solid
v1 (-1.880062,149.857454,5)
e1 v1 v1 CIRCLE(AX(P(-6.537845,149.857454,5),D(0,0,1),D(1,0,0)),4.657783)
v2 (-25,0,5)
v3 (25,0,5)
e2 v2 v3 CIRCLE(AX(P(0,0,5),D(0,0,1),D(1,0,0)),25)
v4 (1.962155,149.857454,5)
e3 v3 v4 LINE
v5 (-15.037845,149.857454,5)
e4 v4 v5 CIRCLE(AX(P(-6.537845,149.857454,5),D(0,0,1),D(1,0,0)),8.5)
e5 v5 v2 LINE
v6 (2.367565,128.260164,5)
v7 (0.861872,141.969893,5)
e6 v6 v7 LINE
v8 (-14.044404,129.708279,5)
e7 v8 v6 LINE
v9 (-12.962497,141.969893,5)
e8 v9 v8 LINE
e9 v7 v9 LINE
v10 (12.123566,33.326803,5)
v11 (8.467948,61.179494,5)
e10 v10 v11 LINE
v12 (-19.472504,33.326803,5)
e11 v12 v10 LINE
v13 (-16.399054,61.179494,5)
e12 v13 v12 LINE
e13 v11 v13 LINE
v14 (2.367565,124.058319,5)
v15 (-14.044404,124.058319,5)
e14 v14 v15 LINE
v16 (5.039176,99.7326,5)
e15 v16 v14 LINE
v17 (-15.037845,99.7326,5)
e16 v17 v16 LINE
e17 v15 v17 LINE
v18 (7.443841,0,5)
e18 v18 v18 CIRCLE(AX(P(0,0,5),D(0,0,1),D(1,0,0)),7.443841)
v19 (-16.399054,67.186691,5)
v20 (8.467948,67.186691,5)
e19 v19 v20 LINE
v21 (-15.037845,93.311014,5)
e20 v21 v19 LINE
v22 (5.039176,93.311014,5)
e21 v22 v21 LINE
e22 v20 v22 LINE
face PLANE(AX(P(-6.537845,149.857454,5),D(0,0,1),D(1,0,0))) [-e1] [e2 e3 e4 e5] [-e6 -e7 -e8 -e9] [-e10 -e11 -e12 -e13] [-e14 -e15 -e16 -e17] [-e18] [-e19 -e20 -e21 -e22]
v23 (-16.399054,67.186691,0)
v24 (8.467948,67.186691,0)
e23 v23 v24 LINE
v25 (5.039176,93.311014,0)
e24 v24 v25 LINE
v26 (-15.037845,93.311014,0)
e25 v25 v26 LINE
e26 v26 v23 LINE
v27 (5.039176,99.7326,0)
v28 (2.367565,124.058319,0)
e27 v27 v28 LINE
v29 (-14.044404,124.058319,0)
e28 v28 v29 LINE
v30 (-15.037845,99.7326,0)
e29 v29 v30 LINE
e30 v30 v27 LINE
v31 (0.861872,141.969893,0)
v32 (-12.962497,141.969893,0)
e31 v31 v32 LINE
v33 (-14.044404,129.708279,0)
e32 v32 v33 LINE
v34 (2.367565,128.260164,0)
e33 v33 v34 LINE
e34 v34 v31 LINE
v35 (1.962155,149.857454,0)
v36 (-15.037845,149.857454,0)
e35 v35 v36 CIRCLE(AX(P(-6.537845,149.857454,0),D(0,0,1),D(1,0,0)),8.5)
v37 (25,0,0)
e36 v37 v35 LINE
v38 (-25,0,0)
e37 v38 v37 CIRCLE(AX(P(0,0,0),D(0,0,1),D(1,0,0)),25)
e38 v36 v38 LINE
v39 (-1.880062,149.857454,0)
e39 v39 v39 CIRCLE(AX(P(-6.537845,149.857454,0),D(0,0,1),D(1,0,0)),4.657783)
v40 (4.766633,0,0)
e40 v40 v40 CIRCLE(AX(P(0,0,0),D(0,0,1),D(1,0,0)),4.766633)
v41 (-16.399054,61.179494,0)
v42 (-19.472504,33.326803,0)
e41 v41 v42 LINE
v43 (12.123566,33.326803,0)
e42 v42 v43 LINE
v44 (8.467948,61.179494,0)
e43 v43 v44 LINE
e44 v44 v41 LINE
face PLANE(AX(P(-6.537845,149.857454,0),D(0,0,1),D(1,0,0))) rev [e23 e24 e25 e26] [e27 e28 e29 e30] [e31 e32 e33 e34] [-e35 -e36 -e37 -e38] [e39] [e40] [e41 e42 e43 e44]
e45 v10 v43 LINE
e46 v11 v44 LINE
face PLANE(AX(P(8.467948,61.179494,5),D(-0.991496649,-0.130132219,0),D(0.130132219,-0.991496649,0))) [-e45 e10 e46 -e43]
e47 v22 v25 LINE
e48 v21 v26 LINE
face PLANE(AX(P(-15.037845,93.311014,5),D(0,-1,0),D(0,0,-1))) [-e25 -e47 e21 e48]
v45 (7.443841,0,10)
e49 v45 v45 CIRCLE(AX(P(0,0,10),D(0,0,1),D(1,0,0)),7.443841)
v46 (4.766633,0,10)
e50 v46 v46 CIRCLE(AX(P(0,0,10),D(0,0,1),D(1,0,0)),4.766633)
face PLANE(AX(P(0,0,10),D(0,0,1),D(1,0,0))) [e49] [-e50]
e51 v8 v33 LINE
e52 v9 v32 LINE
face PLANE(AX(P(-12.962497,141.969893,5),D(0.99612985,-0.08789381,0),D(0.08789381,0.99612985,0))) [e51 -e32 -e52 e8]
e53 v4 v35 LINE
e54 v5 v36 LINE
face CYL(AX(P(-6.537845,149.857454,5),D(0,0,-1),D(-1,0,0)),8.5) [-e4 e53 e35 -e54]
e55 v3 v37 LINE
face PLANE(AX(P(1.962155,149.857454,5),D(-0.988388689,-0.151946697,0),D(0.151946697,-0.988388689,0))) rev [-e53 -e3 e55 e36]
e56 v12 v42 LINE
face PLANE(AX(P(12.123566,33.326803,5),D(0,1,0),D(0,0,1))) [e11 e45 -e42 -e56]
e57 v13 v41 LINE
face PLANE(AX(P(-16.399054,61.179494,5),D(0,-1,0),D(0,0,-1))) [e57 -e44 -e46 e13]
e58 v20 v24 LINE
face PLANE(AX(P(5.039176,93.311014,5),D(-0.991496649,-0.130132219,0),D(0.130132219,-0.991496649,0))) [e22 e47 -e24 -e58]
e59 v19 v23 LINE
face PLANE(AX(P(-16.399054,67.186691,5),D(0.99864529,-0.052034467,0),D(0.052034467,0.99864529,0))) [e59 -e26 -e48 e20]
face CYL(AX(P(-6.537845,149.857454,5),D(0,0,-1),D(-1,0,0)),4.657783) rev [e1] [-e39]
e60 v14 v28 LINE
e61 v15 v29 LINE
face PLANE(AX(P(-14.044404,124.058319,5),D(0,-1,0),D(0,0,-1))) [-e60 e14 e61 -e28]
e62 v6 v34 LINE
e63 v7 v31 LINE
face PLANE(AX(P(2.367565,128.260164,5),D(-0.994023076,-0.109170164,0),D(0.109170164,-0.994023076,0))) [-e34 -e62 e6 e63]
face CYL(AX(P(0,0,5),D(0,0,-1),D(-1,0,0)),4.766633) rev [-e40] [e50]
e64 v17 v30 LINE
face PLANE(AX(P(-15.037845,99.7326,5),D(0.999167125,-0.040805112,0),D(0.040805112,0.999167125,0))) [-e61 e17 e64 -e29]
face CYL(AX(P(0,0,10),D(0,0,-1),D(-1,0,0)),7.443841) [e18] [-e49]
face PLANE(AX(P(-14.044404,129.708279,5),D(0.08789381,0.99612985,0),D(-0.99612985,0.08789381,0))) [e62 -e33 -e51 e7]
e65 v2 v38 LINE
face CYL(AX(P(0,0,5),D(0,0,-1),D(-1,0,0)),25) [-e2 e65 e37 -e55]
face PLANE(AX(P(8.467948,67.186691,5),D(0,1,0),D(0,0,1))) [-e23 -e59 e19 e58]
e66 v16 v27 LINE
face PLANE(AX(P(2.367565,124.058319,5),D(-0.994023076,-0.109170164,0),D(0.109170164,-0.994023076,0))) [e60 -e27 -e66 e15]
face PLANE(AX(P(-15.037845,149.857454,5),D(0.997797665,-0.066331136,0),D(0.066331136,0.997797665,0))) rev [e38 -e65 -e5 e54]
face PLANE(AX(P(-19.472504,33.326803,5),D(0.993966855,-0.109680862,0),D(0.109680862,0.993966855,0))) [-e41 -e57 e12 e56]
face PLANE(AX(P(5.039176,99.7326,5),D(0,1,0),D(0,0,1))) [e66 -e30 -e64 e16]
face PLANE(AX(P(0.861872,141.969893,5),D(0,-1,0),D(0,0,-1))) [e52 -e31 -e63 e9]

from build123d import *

# Parameters (mm, degrees)
SKETCH2_R           = 4.766632538
SKETCH2_R_2         = 4.65778258
BOSS_EXTRUDE1_DEPTH = 5
SKETCH3_R           = 7.443841037
SKETCH3_R_2         = 4.766632538
BOSS_EXTRUDE2_DEPTH = 5


with BuildPart() as part:
    # Sketch2 → Boss-Extrude1 (new body)
    with BuildSketch(Plane.XY):
        with BuildLine():
            Line((-15.037844772, 149.857454221), (-25, 0))
            ThreePointArc((-25, 0), (0, -25), (25, 0))
            Line((25, 0), (1.962155228, 149.857454221))
            ThreePointArc((1.962155228, 149.857454221), (-6.537844772, 158.357454221), (-15.037844772, 149.857454221))
        make_face()
        Circle(SKETCH2_R, mode=Mode.SUBTRACT)
        with Locations((-6.537844772, 149.857454221)):
            Circle(SKETCH2_R_2, mode=Mode.SUBTRACT)
        Polygon((-19.47250371, 33.326803339), (-16.399054011, 61.179494137), (8.4679481, 61.179494137), (12.123565561, 33.326803339), align=None, mode=Mode.SUBTRACT)
        Polygon((-16.399054011, 67.186691276), (-15.037844772, 93.311013718), (5.039175994, 93.311013718), (8.4679481, 67.186691276), align=None, mode=Mode.SUBTRACT)
        Polygon((-15.037844772, 99.732600208), (-14.044403658, 124.0583194), (2.367565215, 124.0583194), (5.039175994, 99.732600208), align=None, mode=Mode.SUBTRACT)
        Polygon((-12.962496523, 141.96989308), (-14.044403658, 129.708278883), (2.367565215, 128.260163982), (0.861872424, 141.96989308), align=None, mode=Mode.SUBTRACT)
    extrude(amount=BOSS_EXTRUDE1_DEPTH)

    # Sketch3 → Boss-Extrude2 (add)
    with BuildSketch(Plane.XY.offset(5)):
        Circle(SKETCH3_R)
        Circle(SKETCH3_R_2, mode=Mode.SUBTRACT)
    extrude(amount=BOSS_EXTRUDE2_DEPTH)


solid = part.part
